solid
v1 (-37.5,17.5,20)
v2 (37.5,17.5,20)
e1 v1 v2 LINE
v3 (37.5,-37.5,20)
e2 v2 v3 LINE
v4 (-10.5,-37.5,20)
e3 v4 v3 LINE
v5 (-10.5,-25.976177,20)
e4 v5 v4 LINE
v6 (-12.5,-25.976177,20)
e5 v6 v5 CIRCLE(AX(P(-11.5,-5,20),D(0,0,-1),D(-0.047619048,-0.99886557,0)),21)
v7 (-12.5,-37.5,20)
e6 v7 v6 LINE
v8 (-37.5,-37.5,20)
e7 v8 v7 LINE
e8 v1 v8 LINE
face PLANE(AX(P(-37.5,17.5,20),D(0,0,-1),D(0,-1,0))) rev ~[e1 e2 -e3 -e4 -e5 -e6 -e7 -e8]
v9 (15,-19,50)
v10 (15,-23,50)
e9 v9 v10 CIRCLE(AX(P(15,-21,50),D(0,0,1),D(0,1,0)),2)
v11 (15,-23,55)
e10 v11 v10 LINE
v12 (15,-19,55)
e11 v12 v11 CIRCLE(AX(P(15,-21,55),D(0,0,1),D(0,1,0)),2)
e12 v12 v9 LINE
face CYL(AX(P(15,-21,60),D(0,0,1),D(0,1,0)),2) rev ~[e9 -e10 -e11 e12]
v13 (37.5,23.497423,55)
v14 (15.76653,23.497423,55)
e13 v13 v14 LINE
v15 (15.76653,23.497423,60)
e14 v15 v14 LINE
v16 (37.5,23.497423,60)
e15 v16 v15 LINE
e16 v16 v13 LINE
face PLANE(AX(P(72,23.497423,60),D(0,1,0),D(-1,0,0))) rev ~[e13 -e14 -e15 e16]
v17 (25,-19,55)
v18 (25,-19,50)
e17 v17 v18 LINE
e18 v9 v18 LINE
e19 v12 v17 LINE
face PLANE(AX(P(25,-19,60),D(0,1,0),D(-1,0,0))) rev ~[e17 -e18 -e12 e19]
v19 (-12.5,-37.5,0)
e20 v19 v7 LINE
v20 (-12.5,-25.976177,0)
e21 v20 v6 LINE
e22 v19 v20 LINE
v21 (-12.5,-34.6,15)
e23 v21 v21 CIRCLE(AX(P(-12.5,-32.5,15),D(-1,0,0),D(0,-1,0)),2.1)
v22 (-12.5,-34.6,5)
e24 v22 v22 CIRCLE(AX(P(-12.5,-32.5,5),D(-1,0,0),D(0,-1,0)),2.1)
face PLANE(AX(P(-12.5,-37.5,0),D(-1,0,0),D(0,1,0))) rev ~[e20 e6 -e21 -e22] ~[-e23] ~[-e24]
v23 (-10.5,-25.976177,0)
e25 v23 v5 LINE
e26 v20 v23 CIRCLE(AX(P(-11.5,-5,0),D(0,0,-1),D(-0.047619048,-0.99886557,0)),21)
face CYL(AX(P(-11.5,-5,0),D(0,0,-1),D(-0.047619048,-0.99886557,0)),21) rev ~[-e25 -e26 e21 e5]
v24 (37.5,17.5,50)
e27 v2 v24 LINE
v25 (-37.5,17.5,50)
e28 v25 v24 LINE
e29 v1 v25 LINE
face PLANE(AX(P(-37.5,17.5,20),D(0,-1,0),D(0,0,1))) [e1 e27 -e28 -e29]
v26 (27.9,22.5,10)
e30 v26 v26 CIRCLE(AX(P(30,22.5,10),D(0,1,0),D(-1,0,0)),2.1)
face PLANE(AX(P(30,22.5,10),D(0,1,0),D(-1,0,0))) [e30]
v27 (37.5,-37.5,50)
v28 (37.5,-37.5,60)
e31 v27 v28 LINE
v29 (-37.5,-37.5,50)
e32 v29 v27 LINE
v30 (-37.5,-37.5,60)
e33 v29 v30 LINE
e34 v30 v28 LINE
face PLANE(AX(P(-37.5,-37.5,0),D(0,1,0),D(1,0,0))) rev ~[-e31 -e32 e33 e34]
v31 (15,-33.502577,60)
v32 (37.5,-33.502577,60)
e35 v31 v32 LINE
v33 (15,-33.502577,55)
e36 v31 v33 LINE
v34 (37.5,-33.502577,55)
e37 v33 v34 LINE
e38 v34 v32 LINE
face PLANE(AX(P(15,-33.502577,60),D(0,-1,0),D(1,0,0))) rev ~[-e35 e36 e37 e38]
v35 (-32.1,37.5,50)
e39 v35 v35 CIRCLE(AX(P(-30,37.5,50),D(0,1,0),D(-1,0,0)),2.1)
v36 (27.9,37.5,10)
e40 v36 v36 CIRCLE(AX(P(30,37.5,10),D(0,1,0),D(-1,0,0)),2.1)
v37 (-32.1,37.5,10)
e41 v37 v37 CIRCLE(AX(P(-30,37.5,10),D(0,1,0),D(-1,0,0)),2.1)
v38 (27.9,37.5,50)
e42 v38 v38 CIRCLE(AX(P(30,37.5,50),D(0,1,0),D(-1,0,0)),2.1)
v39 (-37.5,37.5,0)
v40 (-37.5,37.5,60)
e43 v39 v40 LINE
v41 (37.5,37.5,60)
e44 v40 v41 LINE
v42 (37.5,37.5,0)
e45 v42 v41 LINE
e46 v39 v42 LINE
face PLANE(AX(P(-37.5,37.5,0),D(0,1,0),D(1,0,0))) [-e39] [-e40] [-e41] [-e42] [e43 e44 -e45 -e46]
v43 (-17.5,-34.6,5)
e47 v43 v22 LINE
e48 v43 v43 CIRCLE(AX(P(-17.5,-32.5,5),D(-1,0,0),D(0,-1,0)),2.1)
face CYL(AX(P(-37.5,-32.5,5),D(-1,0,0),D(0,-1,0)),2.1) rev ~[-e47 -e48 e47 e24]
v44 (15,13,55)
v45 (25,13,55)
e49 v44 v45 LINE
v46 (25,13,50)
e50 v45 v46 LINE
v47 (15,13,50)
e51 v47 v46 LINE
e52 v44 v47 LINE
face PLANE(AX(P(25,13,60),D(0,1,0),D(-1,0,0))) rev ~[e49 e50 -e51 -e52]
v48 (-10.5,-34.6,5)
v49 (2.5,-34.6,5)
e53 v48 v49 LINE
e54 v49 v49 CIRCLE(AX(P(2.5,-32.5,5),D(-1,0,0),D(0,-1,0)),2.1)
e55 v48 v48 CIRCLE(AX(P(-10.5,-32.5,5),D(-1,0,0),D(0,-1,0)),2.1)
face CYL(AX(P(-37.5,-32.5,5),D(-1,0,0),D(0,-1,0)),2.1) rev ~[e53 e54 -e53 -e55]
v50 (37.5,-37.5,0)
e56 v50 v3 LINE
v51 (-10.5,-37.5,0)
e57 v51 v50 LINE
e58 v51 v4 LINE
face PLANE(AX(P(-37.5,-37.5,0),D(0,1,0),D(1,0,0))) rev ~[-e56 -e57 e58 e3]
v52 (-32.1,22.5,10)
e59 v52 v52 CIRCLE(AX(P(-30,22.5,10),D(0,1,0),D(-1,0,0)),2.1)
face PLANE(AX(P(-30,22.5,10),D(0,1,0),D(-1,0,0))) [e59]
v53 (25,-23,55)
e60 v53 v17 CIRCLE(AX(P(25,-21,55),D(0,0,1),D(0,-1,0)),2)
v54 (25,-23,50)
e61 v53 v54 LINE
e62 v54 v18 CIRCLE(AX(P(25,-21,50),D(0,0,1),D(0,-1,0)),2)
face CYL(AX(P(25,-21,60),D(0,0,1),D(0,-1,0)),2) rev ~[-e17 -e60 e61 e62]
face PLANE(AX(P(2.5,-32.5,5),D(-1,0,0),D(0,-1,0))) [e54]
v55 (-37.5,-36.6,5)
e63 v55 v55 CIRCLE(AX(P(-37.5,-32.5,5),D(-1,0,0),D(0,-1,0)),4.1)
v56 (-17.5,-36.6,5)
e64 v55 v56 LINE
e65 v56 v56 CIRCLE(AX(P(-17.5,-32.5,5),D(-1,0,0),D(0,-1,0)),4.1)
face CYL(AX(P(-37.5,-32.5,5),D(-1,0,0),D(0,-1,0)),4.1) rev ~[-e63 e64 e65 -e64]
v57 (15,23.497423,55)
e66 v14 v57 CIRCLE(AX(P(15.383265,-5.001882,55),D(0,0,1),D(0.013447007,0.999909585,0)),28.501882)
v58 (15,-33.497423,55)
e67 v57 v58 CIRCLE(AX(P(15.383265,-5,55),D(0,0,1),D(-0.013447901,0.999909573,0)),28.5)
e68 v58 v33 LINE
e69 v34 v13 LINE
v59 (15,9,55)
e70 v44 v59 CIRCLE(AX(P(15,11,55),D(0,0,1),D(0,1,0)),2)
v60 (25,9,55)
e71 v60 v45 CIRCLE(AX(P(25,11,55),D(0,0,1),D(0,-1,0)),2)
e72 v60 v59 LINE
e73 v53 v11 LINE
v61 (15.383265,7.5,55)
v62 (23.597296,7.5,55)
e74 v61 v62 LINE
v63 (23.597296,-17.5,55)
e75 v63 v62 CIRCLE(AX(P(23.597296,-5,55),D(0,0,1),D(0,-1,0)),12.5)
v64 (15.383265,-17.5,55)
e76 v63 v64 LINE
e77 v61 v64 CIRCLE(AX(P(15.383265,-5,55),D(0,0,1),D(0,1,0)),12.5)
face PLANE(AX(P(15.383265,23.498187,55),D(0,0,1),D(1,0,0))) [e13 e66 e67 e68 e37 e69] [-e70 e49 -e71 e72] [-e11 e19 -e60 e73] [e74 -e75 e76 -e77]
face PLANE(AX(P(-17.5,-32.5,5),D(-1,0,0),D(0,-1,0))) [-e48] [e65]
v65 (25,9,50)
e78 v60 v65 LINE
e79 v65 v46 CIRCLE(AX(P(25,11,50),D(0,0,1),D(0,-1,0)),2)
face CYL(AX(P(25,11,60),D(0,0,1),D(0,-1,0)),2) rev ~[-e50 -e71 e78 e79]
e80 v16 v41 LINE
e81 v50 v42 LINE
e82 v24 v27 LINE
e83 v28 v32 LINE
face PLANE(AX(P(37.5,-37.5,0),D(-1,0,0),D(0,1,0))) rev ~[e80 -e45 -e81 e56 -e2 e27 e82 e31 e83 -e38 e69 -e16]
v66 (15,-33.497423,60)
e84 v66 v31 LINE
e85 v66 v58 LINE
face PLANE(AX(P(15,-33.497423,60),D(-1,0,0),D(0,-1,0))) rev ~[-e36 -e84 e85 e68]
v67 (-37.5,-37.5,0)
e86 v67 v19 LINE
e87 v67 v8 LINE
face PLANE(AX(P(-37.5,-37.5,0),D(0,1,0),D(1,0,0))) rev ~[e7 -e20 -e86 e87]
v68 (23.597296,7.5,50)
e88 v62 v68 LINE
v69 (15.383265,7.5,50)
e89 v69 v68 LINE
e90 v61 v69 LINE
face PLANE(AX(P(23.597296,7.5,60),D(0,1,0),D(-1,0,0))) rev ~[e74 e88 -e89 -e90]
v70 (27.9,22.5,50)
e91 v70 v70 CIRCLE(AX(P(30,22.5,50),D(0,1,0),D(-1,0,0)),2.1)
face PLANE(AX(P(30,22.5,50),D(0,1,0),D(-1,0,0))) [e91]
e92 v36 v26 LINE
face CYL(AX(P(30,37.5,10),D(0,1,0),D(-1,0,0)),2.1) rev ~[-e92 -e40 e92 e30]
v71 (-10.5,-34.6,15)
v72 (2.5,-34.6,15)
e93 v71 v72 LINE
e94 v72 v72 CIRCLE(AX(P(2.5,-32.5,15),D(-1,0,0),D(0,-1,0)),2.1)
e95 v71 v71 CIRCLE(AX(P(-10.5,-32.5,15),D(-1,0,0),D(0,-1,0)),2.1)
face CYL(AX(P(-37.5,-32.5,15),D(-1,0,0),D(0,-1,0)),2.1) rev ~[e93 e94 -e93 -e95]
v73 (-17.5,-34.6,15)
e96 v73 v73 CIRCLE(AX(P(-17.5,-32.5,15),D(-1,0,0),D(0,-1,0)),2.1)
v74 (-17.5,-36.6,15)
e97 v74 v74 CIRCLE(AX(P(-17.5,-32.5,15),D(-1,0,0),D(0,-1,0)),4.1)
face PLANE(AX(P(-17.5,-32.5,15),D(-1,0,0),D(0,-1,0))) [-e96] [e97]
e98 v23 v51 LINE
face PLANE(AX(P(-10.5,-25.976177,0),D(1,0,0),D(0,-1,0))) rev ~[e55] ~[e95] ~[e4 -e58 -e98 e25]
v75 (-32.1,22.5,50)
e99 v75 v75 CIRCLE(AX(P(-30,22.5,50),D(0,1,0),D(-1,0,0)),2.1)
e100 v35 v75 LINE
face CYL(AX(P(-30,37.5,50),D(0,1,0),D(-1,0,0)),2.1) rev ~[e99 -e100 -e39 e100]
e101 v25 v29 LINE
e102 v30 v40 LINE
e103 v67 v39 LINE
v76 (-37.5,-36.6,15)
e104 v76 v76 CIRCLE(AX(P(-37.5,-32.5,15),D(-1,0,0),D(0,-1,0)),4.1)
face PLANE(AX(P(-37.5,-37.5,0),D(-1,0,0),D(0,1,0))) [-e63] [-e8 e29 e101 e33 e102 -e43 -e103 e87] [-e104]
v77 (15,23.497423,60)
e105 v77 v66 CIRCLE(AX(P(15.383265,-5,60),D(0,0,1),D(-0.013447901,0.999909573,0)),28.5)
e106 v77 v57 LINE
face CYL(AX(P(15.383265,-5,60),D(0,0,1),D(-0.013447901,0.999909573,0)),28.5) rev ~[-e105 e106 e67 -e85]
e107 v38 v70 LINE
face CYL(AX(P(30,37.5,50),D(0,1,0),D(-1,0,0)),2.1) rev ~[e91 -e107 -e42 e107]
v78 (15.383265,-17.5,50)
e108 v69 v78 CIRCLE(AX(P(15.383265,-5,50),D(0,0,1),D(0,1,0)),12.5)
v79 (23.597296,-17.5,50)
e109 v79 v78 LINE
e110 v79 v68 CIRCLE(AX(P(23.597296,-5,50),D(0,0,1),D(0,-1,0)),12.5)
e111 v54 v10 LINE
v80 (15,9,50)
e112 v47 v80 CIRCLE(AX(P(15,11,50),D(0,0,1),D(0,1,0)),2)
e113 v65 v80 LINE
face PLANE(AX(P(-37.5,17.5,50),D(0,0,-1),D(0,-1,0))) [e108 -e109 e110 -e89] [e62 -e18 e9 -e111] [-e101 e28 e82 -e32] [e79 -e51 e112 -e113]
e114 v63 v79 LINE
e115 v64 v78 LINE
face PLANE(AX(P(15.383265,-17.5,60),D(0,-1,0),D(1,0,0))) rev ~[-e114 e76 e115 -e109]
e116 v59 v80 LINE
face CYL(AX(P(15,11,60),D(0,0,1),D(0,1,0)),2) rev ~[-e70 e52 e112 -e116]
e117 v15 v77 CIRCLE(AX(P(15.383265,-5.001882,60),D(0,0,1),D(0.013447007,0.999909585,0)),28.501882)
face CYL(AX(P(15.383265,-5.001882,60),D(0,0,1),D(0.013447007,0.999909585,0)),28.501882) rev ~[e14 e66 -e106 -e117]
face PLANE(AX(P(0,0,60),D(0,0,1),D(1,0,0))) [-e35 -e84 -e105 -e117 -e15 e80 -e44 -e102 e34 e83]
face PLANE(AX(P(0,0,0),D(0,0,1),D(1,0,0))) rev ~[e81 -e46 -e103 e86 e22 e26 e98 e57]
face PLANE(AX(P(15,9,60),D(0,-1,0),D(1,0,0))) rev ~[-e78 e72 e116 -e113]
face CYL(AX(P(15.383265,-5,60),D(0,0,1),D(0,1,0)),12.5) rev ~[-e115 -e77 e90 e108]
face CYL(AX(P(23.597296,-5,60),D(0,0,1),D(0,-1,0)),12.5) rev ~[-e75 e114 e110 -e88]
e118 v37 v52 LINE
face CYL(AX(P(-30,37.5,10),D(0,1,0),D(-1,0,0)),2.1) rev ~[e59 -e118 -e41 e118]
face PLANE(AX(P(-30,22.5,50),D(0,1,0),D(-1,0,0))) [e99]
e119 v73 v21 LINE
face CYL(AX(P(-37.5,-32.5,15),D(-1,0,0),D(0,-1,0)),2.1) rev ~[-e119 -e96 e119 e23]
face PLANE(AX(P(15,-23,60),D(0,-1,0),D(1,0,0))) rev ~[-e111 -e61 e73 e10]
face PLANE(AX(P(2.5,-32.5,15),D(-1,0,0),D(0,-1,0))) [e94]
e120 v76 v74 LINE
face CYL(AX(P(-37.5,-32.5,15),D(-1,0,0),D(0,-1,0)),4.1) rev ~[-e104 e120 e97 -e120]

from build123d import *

# Parameters (mm, degrees)
F0_W      = 75
F0_H      = 75
F1_DEPTH  = 60
F2_W      = 55
F2_H      = 30
F3_DEPTH  = 75.001
F5_DEPTH  = 25
F6_R      = 2.1
F7_DEPTH  = 40
F8_R      = 4.1
F9_DEPTH  = 20
F11_DEPTH = 25
F13_DEPTH = 5
F14_R     = 2.1
F15_DEPTH = 15


with BuildPart() as f1:
    # F0 (on Top) → F1 (new body)
    with BuildSketch(Plane.XY):
        Rectangle(F0_W, F0_H)
    extrude(amount=F1_DEPTH)

    # F2 (on face) → F3 (cut, through all)
    with BuildSketch(Plane(origin=(-37.5, 0, 0), x_dir=(0, -1, 0), z_dir=(-1, 0, 0))):
        with Locations((10, 35)):
            Rectangle(F2_W, F2_H)
    extrude(amount=-F3_DEPTH, mode=Mode.SUBTRACT)

    # F4 (on face) → F5 (cut)
    with BuildSketch(Plane(origin=(0, 0, 0), x_dir=(1, 0, 0), z_dir=(0, 0, -1))):
        with BuildLine():
            Line((-12.5, 37.5), (-12.5, 25.976177))
            ThreePointArc((-12.5, 25.976177), (-11.5, -16), (-10.5, 25.976177))
            Line((-10.5, 25.976177), (-10.5, 37.5))
            Line((-10.5, 37.5), (-12.5, 37.5))
        make_face()
    extrude(amount=-F5_DEPTH, mode=Mode.SUBTRACT)

    # F6 (on face) → F7 (cut)
    with BuildSketch(Plane(origin=(-37.5, 0, 0), x_dir=(0, -1, 0), z_dir=(-1, 0, 0))):
        with Locations((32.5, 15)):
            Circle(F6_R)
        with Locations((32.5, 5)):
            Circle(F6_R)
    extrude(amount=-F7_DEPTH, mode=Mode.SUBTRACT)

    # F8 (on face) → F9 (cut)
    with BuildSketch(Plane(origin=(-37.5, 0, 0), x_dir=(0, -1, 0), z_dir=(-1, 0, 0))):
        with Locations((32.5, 15)):
            Circle(F8_R)
        with Locations((32.5, 5)):
            Circle(F8_R)
    extrude(amount=-F9_DEPTH, mode=Mode.SUBTRACT)

    # F10 (on face) → F11 (cut)
    with BuildSketch(Plane.XY.offset(60)):
        with BuildLine():
            ThreePointArc((15, 13), (13, 11), (15, 9))
            Line((15, 9), (25, 9))
            ThreePointArc((25, 9), (27, 11), (25, 13))
            Line((25, 13), (15, 13))
        make_face()
        with BuildLine():
            ThreePointArc((15, -19), (13, -21), (15, -23))
            Line((15, -23), (25, -23))
            ThreePointArc((25, -23), (27, -21), (25, -19))
            Line((25, -19), (15, -19))
        make_face()
        with BuildLine():
            Line((15.383265, -17.5), (23.597296, -17.5))
            ThreePointArc((23.597296, -17.5), (36.097296, -5), (23.597296, 7.5))
            Line((23.597296, 7.5), (15.383265, 7.5))
            ThreePointArc((15.383265, 7.5), (2.883265, -5), (15.383265, -17.5))
        make_face()
    extrude(amount=-F11_DEPTH, mode=Mode.SUBTRACT)

    # F12 (on face) → F13 (cut)
    with BuildSketch(Plane.XY.offset(60)):
        with BuildLine():
            Line((15, 23.497423), (15.76653, 23.497423))
            ThreePointArc((15.76653, 23.497423), (15.383265, 23.5), (15, 23.497423))
        make_face()
        with BuildLine():
            Line((72, 23.497423), (15.76653, 23.497423))
            Line((15.76653, 23.497423), (15, 23.497423))
            ThreePointArc((15, 23.497423), (-13.116735, -5), (15, -33.497423))
            Line((15, -33.497423), (15, -33.502577))
            Line((15, -33.502577), (72, -33.502577))
            Line((72, -33.502577), (72, 23.497423))
        make_face()
    extrude(amount=-F13_DEPTH, mode=Mode.SUBTRACT)

    # F14 (on face) → F15 (cut)
    with BuildSketch(Plane(origin=(0, 37.5, 0), x_dir=(-1, 0, 0), z_dir=(0, 1, 0))):
        with Locations((-30, 50)):
            Circle(F14_R)
        with Locations((30, 50)):
            Circle(F14_R)
        with Locations((30, 10)):
            Circle(F14_R)
        with Locations((-30, 10)):
            Circle(F14_R)
    extrude(amount=-F15_DEPTH, mode=Mode.SUBTRACT)


solid = f1.part
